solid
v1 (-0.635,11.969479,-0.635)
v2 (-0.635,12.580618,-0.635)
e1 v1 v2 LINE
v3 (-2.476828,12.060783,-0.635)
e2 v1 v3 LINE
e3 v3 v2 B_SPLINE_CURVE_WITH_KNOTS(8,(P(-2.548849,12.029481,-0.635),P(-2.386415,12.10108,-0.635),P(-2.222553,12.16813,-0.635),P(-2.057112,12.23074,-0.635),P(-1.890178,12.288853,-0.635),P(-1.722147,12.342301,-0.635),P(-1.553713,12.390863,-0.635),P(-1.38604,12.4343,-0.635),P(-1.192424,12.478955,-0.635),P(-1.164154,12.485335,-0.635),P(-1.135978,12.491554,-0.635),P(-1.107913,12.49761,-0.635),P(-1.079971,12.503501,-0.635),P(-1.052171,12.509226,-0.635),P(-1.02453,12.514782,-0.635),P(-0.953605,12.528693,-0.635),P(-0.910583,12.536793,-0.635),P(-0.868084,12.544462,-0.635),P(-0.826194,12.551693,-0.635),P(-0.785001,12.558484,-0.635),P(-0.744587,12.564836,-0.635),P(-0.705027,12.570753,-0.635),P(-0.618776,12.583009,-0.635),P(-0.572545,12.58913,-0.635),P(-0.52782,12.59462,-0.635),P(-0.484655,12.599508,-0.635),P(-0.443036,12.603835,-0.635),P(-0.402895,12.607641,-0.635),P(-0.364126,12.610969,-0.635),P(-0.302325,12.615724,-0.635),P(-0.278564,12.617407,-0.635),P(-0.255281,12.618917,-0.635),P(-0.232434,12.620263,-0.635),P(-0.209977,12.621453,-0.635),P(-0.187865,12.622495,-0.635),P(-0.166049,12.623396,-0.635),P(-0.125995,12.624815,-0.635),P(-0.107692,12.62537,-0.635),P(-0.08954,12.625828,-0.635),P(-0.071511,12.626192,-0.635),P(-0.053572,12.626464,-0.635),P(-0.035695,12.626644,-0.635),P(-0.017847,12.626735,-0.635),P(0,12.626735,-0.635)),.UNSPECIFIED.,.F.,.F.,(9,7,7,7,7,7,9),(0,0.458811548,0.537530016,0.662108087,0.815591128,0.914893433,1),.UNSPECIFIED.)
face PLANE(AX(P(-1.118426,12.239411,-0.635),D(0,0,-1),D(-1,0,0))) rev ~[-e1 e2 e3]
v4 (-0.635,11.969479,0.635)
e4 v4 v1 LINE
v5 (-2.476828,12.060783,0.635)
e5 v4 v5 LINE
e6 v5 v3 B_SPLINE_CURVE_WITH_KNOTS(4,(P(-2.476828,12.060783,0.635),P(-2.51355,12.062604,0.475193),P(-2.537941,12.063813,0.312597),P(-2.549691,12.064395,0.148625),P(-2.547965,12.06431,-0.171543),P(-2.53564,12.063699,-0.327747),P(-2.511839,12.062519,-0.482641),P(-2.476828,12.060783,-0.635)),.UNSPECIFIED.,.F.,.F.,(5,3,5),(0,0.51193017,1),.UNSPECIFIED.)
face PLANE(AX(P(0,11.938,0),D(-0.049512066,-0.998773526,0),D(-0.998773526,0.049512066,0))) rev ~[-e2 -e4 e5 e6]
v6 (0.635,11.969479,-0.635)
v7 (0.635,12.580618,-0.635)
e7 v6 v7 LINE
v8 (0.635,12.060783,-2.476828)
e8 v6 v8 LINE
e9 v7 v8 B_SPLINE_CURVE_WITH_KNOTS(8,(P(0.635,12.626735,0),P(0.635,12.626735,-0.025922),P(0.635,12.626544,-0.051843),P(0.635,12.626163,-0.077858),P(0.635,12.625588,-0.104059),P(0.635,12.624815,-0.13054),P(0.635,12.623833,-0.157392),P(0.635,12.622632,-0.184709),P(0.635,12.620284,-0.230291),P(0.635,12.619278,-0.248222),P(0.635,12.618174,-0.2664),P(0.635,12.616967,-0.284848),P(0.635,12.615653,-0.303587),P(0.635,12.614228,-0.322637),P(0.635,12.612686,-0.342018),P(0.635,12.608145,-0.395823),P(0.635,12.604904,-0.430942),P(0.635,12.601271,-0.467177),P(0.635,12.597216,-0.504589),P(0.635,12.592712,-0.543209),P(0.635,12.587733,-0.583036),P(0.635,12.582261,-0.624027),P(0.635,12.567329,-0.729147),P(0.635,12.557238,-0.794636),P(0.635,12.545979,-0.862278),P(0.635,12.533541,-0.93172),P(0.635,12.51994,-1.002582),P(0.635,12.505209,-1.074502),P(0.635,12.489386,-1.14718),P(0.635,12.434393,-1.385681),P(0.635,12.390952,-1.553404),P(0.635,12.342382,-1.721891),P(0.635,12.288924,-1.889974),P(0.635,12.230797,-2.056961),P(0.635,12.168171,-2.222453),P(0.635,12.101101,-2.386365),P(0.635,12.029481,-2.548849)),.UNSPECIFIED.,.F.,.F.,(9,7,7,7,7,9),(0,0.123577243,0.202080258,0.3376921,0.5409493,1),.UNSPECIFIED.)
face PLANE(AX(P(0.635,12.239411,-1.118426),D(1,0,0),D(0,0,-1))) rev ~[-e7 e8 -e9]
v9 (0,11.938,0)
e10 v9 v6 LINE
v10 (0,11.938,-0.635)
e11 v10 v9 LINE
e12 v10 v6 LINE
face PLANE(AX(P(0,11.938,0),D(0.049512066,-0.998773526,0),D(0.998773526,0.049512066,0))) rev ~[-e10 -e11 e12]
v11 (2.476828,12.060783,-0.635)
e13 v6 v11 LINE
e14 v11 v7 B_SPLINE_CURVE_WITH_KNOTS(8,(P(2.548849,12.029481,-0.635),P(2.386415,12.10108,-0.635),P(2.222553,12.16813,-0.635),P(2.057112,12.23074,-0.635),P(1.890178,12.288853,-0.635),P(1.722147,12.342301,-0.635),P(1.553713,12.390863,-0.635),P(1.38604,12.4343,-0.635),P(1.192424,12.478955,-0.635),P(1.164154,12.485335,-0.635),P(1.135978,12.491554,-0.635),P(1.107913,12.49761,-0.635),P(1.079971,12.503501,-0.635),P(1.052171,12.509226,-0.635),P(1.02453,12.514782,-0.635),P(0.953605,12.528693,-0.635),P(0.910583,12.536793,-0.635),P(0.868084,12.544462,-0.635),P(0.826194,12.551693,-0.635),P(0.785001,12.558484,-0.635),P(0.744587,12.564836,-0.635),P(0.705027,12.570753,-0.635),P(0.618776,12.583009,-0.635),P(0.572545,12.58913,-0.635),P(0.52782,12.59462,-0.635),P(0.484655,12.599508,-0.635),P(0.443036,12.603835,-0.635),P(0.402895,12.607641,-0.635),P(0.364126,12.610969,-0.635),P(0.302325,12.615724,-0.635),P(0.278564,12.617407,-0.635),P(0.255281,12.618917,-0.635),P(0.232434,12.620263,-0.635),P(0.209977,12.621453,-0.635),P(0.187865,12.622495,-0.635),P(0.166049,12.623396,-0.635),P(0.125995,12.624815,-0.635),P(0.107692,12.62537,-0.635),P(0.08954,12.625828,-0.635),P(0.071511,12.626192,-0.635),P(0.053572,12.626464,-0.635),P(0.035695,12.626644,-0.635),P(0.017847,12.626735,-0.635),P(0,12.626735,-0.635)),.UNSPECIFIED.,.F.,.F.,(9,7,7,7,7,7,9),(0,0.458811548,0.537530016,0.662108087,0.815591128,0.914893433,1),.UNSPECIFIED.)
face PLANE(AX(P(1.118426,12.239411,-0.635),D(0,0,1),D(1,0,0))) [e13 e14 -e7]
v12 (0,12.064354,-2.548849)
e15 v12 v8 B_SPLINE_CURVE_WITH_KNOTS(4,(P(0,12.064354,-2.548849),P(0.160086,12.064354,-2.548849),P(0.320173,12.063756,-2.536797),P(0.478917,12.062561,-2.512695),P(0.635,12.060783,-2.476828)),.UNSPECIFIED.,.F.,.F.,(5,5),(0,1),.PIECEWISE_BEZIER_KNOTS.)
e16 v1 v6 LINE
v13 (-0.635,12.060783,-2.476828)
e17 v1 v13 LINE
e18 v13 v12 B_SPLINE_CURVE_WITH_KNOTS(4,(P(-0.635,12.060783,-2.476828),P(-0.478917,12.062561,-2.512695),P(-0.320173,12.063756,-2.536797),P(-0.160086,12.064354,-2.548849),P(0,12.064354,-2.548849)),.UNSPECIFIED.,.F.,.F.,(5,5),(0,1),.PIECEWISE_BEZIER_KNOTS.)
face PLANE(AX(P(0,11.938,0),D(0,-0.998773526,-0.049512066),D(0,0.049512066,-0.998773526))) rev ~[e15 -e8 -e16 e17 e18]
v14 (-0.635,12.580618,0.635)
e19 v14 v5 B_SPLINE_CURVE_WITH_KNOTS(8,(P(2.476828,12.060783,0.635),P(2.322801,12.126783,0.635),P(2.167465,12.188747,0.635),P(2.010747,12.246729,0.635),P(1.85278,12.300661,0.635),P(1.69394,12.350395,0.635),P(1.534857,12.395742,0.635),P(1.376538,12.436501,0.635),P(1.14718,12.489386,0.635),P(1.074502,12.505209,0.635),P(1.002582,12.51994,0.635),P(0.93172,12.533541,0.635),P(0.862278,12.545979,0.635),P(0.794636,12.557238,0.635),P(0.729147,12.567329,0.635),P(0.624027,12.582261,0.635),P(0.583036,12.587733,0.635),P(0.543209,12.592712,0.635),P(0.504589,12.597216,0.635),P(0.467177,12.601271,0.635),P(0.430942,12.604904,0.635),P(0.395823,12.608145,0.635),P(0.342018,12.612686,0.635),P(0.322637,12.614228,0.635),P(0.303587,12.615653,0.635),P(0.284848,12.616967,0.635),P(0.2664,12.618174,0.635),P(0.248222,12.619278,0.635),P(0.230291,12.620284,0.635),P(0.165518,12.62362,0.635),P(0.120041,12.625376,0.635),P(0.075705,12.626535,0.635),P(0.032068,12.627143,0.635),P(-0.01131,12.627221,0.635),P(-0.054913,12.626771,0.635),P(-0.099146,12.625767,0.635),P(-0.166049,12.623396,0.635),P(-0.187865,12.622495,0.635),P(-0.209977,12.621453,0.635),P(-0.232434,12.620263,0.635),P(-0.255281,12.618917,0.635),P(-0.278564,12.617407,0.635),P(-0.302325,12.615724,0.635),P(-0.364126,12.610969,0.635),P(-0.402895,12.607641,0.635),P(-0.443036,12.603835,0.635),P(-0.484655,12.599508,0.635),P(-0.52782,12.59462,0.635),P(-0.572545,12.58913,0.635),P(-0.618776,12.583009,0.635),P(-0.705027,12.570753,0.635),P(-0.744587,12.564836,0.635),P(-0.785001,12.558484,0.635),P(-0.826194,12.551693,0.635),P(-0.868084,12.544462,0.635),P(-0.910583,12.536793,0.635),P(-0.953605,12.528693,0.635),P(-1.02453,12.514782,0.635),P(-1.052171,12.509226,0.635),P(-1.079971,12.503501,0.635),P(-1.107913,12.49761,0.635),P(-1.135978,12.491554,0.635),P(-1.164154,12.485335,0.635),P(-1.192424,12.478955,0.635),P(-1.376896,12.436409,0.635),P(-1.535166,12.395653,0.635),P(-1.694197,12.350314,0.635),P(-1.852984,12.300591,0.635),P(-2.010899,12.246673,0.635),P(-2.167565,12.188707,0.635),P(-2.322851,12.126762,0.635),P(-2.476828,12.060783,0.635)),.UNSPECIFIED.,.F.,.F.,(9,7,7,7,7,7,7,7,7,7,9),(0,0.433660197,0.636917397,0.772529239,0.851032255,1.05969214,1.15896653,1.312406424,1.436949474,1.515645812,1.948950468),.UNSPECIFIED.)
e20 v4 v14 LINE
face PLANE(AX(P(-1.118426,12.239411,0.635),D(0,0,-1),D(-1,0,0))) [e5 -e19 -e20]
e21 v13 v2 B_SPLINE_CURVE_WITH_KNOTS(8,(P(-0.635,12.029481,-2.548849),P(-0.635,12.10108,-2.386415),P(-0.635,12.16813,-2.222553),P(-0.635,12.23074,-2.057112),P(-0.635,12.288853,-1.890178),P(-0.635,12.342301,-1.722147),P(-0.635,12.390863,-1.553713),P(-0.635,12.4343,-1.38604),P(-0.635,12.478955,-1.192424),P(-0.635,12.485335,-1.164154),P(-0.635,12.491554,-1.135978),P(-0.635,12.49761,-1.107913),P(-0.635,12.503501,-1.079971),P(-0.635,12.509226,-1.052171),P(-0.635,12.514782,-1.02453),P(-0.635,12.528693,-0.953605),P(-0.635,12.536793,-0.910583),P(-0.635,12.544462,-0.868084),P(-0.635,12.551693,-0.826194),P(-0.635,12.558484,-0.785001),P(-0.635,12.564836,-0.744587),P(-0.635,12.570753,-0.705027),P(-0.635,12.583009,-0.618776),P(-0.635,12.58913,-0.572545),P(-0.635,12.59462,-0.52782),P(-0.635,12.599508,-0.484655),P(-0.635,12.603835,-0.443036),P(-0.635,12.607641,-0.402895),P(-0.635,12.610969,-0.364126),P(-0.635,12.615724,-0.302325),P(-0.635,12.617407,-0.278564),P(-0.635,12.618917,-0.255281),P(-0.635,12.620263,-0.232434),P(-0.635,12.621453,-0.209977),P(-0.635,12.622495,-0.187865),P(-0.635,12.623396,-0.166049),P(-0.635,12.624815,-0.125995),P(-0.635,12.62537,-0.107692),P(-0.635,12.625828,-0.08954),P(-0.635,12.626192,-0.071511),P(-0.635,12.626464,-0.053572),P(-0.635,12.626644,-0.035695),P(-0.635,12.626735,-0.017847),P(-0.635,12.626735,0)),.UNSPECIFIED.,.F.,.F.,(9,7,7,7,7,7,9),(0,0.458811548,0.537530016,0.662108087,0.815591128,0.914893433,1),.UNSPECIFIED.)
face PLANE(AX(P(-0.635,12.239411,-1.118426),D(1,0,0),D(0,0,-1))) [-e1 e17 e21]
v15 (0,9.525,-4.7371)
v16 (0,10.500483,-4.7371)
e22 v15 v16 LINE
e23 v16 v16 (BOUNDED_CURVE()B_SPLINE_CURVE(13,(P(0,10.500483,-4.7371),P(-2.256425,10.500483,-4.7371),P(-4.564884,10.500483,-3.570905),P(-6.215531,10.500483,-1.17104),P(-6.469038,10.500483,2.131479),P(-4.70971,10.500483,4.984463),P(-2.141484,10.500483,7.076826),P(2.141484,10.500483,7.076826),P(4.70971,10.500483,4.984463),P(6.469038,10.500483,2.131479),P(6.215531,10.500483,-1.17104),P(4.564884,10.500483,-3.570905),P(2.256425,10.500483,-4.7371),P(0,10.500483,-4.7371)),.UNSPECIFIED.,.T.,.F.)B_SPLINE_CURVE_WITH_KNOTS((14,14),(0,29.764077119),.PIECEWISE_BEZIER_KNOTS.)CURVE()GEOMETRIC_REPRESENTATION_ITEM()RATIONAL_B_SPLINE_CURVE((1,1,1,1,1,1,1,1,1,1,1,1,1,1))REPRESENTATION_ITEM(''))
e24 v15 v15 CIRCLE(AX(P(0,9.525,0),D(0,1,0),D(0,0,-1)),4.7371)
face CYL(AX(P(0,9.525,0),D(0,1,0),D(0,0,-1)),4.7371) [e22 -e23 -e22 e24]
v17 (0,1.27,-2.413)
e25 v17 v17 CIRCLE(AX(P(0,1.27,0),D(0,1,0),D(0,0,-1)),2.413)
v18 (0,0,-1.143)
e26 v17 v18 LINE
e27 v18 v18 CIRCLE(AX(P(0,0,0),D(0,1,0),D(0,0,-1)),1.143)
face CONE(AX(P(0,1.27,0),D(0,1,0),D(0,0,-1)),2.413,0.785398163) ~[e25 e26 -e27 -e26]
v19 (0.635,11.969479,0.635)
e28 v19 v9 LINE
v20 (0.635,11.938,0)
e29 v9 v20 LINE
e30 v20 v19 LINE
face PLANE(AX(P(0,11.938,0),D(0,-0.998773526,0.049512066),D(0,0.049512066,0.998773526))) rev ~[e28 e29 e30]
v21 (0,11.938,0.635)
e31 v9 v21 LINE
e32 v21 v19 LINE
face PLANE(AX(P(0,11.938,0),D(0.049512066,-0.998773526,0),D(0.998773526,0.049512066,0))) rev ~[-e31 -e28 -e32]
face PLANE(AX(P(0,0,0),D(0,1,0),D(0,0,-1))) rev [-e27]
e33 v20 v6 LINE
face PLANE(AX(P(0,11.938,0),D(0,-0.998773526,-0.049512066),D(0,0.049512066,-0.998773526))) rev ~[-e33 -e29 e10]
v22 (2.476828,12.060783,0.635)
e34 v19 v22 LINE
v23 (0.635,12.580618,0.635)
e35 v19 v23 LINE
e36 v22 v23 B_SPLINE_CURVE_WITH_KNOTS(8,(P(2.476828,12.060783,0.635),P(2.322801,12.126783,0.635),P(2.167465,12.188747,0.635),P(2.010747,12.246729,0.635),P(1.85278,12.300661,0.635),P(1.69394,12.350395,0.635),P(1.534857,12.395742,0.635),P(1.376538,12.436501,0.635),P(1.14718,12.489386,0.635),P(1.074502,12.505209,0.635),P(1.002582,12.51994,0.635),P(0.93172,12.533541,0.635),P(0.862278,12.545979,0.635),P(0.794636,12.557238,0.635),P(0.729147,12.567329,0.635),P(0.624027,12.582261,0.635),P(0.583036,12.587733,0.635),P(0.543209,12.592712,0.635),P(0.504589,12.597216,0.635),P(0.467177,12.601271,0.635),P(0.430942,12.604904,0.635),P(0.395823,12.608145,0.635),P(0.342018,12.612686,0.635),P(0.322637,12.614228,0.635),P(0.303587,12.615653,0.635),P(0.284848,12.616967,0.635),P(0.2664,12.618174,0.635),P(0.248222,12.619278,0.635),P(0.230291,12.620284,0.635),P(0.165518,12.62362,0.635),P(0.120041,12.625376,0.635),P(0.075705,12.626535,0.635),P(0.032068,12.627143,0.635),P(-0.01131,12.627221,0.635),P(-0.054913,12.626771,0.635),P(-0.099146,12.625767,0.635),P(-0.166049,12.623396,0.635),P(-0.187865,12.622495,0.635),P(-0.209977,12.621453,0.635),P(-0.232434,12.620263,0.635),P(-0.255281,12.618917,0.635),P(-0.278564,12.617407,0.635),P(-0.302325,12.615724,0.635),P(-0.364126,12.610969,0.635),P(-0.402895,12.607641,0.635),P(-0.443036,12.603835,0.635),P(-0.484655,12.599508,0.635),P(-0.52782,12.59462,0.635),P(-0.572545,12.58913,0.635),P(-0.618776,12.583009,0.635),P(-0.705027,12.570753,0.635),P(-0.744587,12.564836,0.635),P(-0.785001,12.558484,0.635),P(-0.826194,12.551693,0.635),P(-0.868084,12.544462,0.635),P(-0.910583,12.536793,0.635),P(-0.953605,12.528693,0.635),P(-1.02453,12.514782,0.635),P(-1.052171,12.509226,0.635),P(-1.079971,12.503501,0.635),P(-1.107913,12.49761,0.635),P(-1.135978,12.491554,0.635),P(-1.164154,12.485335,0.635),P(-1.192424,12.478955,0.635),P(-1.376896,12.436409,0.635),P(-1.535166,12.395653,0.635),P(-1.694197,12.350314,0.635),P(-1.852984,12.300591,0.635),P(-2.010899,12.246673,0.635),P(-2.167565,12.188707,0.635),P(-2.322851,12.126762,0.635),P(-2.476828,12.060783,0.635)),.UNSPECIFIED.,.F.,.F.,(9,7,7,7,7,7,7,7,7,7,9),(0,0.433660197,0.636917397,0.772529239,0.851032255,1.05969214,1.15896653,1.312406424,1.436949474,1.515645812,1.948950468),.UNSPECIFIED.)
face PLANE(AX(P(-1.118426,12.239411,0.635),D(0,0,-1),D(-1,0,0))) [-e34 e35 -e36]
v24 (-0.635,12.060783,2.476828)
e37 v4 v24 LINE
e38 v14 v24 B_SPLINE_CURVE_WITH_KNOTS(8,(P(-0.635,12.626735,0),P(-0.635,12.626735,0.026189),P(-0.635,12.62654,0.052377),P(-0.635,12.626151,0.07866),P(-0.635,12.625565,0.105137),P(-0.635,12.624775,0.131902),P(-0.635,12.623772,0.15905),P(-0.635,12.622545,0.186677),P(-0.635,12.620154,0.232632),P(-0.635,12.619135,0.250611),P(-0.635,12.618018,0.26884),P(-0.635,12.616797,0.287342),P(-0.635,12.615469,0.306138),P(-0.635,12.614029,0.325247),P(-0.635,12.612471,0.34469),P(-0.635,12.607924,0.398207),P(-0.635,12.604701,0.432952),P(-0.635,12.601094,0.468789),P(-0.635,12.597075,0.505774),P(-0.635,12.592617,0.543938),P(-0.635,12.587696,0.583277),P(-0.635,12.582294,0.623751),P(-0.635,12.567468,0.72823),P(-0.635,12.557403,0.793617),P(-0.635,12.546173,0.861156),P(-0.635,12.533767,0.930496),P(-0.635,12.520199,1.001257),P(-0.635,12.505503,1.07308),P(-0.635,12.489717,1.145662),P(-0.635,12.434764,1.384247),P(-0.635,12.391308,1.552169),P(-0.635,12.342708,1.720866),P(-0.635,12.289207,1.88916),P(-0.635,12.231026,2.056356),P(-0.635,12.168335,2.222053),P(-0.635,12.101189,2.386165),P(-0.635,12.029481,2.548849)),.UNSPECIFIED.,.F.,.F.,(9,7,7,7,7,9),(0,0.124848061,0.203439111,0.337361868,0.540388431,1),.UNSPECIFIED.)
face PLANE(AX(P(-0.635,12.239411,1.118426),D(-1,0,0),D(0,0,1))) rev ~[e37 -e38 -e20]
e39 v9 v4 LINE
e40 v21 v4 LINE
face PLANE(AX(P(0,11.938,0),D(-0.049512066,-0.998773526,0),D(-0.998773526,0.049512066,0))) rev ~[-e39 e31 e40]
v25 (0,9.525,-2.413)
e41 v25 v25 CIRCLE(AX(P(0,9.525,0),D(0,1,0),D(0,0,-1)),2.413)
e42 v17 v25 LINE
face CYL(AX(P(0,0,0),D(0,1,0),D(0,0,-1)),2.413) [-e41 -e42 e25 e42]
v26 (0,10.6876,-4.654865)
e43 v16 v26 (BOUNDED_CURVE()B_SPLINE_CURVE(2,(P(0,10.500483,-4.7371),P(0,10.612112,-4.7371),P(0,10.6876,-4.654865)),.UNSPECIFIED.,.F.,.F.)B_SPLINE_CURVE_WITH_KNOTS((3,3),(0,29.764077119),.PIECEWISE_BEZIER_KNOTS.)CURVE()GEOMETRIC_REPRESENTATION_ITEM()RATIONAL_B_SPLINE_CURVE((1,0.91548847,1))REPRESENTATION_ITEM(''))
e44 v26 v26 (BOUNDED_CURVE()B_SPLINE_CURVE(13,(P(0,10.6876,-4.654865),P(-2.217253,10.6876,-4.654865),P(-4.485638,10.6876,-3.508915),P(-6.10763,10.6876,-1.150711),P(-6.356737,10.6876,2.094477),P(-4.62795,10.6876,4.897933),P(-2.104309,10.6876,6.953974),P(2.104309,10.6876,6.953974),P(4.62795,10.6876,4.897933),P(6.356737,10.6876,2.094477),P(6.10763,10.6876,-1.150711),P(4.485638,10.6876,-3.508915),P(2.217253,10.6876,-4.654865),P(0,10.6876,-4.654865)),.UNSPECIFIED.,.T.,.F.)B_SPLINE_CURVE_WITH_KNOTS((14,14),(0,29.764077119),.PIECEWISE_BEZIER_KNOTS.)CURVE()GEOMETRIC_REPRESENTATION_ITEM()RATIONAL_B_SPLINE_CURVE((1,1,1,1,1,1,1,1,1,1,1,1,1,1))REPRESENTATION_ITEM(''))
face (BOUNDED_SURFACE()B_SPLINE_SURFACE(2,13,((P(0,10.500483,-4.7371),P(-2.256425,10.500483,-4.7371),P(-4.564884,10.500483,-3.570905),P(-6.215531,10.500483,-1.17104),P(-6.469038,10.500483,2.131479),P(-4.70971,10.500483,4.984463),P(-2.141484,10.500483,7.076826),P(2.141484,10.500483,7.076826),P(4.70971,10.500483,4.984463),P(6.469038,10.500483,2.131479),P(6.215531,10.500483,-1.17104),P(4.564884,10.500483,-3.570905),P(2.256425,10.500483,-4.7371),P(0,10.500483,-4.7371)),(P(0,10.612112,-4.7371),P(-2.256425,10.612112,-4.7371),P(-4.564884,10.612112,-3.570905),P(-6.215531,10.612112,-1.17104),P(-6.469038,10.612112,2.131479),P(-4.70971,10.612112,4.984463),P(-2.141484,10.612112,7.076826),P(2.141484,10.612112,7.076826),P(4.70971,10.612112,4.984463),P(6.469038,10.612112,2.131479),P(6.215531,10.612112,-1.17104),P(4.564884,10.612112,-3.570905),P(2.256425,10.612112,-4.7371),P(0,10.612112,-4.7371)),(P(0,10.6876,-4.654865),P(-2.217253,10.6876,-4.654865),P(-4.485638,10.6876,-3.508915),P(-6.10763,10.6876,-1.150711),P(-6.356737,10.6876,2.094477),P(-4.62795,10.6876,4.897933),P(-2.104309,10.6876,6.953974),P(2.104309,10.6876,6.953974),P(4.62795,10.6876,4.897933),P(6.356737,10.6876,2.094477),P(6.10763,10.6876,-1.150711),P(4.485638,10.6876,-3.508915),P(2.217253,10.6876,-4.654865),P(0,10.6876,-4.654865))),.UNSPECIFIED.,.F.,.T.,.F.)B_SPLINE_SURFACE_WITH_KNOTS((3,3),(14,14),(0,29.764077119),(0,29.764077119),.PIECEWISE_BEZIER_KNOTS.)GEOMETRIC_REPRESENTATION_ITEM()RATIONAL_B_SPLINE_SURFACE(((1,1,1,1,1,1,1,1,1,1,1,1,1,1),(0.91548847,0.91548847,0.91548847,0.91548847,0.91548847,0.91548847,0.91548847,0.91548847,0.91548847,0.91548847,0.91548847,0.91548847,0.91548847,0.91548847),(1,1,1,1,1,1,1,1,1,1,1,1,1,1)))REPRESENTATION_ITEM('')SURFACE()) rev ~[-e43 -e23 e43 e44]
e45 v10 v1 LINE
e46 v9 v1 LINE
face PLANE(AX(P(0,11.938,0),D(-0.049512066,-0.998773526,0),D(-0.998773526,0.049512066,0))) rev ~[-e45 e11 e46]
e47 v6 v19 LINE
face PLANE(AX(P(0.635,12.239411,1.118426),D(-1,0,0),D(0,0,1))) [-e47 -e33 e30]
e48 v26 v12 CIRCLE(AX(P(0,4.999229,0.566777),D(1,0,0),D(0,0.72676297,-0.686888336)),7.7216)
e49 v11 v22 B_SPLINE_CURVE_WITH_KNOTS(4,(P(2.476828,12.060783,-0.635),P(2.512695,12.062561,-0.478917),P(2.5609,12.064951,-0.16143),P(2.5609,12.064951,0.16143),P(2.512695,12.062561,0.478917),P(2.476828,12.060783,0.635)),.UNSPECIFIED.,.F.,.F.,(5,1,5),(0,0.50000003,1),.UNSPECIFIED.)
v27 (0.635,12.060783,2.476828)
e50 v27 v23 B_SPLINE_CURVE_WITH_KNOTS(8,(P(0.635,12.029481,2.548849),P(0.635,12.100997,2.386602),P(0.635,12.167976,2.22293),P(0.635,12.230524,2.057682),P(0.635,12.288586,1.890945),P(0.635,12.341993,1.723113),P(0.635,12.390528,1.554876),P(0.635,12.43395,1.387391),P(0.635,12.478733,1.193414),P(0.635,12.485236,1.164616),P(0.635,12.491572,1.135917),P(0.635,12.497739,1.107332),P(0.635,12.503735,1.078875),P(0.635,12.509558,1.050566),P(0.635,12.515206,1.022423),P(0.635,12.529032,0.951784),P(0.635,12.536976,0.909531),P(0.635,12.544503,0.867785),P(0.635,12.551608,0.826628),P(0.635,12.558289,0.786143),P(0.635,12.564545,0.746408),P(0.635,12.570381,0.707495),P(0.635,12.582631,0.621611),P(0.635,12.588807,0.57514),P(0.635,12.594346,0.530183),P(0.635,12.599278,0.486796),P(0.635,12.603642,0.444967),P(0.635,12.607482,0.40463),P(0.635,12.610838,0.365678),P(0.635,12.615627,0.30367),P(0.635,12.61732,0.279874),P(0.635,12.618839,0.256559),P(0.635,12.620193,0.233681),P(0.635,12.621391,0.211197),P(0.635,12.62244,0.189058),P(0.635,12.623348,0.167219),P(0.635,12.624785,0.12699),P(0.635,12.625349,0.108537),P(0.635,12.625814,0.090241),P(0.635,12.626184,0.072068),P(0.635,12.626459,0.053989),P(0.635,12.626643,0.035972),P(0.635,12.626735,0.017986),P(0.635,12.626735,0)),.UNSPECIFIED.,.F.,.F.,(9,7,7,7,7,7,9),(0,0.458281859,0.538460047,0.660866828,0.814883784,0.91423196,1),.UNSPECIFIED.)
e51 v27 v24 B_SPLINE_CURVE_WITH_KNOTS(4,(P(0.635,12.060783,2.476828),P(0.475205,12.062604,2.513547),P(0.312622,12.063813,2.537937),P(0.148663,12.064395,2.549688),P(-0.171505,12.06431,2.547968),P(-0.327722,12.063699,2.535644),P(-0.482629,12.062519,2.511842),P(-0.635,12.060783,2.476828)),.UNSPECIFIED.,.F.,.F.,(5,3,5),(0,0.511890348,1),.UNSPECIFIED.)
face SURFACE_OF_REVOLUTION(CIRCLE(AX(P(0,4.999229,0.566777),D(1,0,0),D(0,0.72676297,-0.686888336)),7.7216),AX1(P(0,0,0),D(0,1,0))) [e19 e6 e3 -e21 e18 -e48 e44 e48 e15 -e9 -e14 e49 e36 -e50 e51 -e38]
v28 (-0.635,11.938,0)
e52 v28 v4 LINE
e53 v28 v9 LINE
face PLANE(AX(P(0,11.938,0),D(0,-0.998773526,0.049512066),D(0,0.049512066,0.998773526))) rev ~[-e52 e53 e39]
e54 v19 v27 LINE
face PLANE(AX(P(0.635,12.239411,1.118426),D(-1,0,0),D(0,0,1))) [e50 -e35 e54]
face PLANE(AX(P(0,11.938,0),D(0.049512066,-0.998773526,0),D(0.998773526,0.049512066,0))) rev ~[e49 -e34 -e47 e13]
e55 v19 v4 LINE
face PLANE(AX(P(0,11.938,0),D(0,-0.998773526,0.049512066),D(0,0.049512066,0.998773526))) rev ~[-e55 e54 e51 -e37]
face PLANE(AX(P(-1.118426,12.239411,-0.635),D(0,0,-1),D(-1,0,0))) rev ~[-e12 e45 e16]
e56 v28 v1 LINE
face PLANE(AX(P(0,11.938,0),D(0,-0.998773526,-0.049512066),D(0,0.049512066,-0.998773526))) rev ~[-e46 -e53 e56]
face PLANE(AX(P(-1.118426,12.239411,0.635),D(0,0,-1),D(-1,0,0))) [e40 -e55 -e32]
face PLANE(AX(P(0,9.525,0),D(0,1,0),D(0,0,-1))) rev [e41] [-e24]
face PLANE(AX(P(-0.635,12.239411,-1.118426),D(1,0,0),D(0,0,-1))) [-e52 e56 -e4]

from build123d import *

# Parameters (mm, degrees)
BOSS_EXTRUDE1_DEPTH = 0.635
CIRPATTERN1_COUNT   = 4
FILLET1_R           = 0.254
CHAMFER1_SIZE       = 1.27


with BuildPart() as part:
    # Sketch1 → Revolve1 (revolve)
    with BuildSketch(Plane.XY, mode=Mode.PRIVATE) as revolve1_sk:
        with BuildLine():
            Line((0, 0), (2.413, 0))
            Line((2.413, 0), (2.413, 9.525))
            Line((2.413, 9.525), (4.7371, 9.525))
            Line((4.7371, 9.525), (4.7371, 10.611002179))
            ThreePointArc((4.7371, 10.611002179), (2.548848552, 12.064353728), (0, 12.7))
            Line((0, 12.7), (0, 0))
        make_face()
    revolve(revolve1_sk.sketch.rotate(Axis((0, 0, 0), (0, 1, 0)), 90), axis=Axis((0, 0, 0), (0, 1, 0)))

    # Sketch2 → Boss-Extrude1 (cut, symmetric)
    with BuildSketch(Plane.XY):
        with BuildLine():
            Line((0, 12.7), (0, 11.938))
            Line((0, 11.938), (2.548848552, 12.064353728))
            ThreePointArc((2.548848552, 12.064353728), (1.301653808, 12.491363305), (0, 12.7))
        make_face()
    boss_extrude1 = extrude(amount=BOSS_EXTRUDE1_DEPTH, both=True, mode=Mode.SUBTRACT)

    # CirPattern1: Boss-Extrude1 ×4 about axis
    cirpattern1_axis = Axis((0, 0, 0), (0, 1, 0))
    for i in range(1, CIRPATTERN1_COUNT):
        add(boss_extrude1.rotate(cirpattern1_axis, i * 360 / CIRPATTERN1_COUNT), mode=Mode.SUBTRACT)

    # Fillet1
    fillet1_edges = [part.edges().sort_by_distance(p)[0] for p in [
        (0, 10.611002179, 4.7371),
    ]]
    fillet(fillet1_edges, radius=FILLET1_R)

    # Chamfer1
    chamfer1_edges = [part.edges().sort_by_distance(p)[0] for p in [
        (0, 0, 2.413),
    ]]
    chamfer(chamfer1_edges, length=CHAMFER1_SIZE)


solid = part.part
